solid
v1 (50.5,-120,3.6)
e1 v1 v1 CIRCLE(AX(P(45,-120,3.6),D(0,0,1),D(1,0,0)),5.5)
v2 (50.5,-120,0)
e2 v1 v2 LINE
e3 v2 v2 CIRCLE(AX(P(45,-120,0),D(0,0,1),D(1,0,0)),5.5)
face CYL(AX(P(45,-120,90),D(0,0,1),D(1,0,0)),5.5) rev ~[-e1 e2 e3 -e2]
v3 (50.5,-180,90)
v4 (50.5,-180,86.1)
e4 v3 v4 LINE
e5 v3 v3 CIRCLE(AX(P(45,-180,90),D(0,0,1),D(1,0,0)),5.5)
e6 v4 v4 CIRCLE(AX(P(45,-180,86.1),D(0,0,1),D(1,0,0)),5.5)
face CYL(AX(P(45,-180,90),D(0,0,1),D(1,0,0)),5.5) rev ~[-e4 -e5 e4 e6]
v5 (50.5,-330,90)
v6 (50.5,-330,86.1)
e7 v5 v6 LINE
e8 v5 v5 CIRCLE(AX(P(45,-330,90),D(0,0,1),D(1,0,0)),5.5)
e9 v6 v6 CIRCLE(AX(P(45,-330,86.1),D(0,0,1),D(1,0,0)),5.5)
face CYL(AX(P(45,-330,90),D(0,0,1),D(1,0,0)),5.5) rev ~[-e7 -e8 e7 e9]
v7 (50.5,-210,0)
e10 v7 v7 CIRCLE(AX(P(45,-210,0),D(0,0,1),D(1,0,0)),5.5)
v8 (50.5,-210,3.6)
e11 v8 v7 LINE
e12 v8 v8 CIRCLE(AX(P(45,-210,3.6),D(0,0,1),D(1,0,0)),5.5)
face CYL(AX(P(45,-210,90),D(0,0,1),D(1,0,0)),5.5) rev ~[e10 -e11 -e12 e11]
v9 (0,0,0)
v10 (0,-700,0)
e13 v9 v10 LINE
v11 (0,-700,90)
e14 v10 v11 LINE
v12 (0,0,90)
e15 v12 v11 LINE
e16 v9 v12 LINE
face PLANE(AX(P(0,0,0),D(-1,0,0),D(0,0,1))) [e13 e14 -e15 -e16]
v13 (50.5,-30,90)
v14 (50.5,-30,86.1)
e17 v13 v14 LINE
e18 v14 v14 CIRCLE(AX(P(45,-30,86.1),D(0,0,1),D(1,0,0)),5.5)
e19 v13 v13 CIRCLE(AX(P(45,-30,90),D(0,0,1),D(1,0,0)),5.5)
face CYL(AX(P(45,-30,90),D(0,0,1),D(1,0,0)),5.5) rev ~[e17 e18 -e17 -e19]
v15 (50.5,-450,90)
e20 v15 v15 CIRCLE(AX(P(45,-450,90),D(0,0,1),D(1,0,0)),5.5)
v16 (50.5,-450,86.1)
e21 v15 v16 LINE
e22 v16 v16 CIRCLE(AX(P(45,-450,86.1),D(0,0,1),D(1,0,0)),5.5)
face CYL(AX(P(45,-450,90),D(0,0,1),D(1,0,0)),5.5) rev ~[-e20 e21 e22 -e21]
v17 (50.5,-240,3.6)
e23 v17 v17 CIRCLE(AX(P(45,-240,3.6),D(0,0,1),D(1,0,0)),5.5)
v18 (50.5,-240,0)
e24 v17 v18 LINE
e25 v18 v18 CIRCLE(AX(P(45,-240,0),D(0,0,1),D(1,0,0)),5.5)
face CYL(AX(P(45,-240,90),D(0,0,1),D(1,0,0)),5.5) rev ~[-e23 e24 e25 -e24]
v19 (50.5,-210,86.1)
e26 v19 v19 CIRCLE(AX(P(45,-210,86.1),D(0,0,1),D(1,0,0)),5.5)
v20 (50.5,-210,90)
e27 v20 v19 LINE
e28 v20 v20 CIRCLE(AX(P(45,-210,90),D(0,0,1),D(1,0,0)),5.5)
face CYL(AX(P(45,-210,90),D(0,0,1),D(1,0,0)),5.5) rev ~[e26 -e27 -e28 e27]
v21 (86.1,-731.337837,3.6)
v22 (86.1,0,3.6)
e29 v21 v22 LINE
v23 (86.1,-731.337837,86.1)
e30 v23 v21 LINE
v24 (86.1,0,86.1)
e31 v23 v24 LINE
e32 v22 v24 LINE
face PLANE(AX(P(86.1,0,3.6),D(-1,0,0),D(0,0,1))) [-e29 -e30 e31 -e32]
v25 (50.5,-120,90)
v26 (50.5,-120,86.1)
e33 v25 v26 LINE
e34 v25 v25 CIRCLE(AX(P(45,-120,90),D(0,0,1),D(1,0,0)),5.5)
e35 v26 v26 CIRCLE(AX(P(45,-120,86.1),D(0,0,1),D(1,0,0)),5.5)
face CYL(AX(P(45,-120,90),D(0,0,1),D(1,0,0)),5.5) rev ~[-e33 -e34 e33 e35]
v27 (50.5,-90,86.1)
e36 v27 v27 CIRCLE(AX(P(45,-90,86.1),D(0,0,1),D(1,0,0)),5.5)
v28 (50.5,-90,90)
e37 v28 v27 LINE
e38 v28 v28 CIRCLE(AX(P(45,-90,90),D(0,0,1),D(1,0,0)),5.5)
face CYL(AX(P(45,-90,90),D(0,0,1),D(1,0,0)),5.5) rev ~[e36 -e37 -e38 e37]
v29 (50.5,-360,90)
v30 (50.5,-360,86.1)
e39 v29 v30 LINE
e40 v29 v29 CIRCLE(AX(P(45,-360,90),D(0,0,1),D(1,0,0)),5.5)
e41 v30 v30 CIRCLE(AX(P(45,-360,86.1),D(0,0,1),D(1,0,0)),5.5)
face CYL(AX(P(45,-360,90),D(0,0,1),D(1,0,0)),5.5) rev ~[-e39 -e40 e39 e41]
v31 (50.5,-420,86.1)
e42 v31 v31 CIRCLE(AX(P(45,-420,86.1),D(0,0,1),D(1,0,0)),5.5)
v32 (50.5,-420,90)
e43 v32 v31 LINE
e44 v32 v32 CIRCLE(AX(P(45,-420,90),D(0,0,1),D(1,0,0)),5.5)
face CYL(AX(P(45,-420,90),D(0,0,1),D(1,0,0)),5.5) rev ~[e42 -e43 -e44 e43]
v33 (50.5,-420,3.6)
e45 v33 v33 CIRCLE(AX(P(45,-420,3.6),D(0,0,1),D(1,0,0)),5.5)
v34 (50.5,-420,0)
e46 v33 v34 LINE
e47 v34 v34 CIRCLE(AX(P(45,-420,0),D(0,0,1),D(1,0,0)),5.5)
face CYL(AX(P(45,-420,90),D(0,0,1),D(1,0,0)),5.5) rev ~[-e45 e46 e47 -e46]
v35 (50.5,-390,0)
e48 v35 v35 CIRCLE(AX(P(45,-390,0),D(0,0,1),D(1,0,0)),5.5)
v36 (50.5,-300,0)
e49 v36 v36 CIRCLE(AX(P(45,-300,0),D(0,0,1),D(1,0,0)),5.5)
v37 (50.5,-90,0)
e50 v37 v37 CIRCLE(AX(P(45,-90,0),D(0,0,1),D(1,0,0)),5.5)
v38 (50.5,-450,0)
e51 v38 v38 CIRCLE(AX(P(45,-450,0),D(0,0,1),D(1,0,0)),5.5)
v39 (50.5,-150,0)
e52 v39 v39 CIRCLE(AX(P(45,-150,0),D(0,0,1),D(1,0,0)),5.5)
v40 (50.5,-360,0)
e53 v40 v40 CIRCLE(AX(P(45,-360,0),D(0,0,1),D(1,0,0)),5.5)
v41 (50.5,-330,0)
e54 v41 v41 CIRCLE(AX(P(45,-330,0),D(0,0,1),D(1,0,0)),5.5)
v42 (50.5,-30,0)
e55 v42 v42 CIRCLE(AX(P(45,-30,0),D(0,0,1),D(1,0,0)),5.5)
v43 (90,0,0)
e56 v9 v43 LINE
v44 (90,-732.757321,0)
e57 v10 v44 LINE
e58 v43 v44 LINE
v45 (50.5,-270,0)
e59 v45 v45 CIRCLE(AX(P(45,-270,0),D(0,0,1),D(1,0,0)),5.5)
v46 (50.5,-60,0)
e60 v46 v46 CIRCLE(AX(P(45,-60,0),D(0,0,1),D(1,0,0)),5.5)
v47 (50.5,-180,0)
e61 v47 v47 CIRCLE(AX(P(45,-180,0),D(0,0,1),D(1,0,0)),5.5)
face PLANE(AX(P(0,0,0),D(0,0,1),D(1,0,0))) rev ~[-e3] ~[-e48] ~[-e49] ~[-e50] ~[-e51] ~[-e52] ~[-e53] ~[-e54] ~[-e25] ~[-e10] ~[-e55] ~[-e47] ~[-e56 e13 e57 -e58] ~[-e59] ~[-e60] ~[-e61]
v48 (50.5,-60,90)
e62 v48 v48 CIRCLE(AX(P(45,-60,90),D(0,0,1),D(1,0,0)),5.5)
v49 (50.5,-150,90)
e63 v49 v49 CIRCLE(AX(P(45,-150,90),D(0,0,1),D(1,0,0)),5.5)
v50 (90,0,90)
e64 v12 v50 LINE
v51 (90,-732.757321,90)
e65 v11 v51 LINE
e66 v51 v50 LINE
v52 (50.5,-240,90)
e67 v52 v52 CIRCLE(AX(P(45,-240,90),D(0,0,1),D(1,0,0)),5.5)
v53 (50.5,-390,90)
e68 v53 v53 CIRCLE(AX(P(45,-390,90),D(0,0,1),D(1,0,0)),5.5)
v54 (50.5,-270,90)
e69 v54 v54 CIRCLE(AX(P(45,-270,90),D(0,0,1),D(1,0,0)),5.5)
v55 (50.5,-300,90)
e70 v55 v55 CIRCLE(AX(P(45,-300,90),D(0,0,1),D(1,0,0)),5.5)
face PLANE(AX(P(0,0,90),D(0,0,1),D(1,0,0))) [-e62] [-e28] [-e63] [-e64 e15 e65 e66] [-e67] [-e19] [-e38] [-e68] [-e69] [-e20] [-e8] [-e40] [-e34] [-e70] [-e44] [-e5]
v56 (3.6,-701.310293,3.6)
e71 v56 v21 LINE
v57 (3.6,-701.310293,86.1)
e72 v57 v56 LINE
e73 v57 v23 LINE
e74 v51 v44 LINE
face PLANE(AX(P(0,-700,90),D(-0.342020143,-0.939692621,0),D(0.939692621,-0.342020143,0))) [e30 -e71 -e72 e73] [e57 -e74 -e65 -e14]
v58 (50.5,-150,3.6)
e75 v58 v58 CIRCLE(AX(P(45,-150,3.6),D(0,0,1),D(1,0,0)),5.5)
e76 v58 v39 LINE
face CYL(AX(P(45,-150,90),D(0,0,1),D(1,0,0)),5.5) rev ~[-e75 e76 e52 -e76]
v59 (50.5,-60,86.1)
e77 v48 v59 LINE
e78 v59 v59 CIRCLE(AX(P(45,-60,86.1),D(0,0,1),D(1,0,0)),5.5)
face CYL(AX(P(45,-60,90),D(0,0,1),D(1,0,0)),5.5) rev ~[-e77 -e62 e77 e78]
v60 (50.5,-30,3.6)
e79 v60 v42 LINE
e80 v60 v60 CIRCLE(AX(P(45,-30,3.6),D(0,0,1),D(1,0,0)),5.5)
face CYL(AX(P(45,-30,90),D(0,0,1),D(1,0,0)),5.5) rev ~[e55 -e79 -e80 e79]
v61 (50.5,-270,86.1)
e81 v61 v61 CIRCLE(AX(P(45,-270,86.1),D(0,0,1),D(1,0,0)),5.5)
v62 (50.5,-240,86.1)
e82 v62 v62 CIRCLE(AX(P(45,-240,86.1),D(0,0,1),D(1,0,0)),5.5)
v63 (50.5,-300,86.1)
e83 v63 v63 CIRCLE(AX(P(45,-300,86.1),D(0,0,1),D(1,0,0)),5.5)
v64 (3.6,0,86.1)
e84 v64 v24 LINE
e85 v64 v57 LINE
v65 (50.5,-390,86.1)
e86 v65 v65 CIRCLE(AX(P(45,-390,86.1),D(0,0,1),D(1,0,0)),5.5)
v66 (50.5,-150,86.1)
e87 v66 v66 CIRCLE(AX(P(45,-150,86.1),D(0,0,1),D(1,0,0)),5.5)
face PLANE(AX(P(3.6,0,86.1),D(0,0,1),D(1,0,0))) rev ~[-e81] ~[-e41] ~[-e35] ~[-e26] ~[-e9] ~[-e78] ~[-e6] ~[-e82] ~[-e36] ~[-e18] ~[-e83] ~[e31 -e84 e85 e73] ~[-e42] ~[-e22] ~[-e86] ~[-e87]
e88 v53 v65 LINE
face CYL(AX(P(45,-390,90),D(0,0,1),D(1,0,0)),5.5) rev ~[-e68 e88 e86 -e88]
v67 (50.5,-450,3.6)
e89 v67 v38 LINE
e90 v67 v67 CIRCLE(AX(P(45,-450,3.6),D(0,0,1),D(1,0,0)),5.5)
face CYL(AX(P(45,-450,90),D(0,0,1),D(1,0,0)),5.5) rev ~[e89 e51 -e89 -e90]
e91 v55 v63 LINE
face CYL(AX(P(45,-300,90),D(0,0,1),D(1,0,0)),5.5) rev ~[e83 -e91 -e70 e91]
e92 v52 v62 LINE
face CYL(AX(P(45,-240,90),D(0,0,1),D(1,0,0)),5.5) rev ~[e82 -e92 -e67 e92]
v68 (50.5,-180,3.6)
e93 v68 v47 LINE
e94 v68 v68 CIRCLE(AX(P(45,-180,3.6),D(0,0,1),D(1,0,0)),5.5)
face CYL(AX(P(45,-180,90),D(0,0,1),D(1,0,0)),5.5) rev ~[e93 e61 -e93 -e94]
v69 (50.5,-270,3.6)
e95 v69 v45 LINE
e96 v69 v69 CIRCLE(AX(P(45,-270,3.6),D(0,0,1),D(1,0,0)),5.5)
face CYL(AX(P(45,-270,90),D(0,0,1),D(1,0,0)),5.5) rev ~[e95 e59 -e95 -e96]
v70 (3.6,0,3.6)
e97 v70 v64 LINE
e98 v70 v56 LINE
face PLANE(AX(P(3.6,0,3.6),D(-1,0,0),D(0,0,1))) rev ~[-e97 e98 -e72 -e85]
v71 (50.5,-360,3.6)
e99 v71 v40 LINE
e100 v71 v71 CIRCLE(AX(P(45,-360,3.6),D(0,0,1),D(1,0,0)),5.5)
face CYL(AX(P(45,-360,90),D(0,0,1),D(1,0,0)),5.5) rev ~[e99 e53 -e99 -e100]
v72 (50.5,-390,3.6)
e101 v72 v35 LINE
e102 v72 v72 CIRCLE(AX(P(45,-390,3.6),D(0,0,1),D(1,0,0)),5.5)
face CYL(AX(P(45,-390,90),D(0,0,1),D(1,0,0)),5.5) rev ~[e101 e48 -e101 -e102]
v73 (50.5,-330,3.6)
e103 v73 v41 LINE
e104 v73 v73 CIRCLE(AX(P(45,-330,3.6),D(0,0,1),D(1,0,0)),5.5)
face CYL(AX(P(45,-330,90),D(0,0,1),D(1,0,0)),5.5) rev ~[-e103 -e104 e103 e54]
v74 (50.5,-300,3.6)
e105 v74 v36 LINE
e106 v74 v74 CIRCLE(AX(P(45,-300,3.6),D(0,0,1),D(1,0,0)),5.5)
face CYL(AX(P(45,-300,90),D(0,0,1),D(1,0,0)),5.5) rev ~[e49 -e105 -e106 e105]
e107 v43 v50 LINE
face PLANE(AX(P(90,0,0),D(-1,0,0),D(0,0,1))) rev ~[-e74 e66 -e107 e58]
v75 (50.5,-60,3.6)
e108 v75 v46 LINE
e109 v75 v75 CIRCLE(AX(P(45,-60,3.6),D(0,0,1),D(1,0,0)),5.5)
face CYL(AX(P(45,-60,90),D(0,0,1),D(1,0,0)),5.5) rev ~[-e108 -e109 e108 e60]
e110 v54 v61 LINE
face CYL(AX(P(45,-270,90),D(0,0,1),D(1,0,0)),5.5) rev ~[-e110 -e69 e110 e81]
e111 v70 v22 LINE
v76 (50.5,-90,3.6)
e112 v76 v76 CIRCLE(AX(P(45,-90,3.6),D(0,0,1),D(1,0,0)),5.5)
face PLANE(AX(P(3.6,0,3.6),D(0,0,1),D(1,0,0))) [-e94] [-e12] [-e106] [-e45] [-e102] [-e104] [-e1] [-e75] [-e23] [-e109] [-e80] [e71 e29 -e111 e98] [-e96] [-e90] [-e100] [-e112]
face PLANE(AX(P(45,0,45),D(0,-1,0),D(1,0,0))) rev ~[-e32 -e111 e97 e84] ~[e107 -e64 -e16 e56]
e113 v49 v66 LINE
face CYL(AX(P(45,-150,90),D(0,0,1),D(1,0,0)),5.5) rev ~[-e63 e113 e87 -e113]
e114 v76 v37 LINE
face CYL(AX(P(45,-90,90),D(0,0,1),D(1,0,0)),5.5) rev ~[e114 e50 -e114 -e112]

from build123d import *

# Parameters (mm, degrees)
F0_W     = 90
F0_H     = 90
F0_W_2   = 82.5
F0_H_2   = 82.5
F1_DEPTH = 700
F3_DEPTH = 90
F4_W     = 82.5
F4_H     = 82.5
F5_DEPTH = 40
F6_R     = 5.5
F7_DEPTH = 90.001


with BuildPart() as f1:
    # F0 (on Front) → F1 (new body)
    with BuildSketch(Plane.XZ):
        with Locations((45, 45)):
            Rectangle(F0_W, F0_H)
        with Locations((44.85, 44.85)):
            Rectangle(F0_W_2, F0_H_2, mode=Mode.SUBTRACT)
    extrude(amount=F1_DEPTH)

    # F2 (on face) → F3 (join)
    with BuildSketch(Plane.XY.offset(90)):
        Polygon((90, -700), (0, -700), (90, -732.757321), align=None)
    extrude(amount=-F3_DEPTH)

    # F4 (on face) → F5 (cut)
    with BuildSketch(Plane(origin=(0, -700, 0), x_dir=(-1, 0, 0), z_dir=(0, 1, 0))):
        with Locations((-44.85, 44.85)):
            Rectangle(F4_W, F4_H)
    extrude(amount=-F5_DEPTH, mode=Mode.SUBTRACT)

    # F6 (on face) → F7 (cut, through all)
    with BuildSketch(Plane.XY.offset(90)):
        with Locations((45, -30)):
            Circle(F6_R)
        with Locations((45, -60)):
            Circle(F6_R)
        with Locations((45, -90)):
            Circle(F6_R)
        with Locations((45, -120)):
            Circle(F6_R)
        with Locations((45, -150)):
            Circle(F6_R)
        with Locations((45, -180)):
            Circle(F6_R)
        with Locations((45, -210)):
            Circle(F6_R)
        with Locations((45, -240)):
            Circle(F6_R)
        with Locations((45, -270)):
            Circle(F6_R)
        with Locations((45, -300)):
            Circle(F6_R)
        with Locations((45, -330)):
            Circle(F6_R)
        with Locations((45, -360)):
            Circle(F6_R)
        with Locations((45, -390)):
            Circle(F6_R)
        with Locations((45, -420)):
            Circle(F6_R)
        with Locations((45, -450)):
            Circle(F6_R)
    extrude(amount=-F7_DEPTH, mode=Mode.SUBTRACT)


solid = f1.part
